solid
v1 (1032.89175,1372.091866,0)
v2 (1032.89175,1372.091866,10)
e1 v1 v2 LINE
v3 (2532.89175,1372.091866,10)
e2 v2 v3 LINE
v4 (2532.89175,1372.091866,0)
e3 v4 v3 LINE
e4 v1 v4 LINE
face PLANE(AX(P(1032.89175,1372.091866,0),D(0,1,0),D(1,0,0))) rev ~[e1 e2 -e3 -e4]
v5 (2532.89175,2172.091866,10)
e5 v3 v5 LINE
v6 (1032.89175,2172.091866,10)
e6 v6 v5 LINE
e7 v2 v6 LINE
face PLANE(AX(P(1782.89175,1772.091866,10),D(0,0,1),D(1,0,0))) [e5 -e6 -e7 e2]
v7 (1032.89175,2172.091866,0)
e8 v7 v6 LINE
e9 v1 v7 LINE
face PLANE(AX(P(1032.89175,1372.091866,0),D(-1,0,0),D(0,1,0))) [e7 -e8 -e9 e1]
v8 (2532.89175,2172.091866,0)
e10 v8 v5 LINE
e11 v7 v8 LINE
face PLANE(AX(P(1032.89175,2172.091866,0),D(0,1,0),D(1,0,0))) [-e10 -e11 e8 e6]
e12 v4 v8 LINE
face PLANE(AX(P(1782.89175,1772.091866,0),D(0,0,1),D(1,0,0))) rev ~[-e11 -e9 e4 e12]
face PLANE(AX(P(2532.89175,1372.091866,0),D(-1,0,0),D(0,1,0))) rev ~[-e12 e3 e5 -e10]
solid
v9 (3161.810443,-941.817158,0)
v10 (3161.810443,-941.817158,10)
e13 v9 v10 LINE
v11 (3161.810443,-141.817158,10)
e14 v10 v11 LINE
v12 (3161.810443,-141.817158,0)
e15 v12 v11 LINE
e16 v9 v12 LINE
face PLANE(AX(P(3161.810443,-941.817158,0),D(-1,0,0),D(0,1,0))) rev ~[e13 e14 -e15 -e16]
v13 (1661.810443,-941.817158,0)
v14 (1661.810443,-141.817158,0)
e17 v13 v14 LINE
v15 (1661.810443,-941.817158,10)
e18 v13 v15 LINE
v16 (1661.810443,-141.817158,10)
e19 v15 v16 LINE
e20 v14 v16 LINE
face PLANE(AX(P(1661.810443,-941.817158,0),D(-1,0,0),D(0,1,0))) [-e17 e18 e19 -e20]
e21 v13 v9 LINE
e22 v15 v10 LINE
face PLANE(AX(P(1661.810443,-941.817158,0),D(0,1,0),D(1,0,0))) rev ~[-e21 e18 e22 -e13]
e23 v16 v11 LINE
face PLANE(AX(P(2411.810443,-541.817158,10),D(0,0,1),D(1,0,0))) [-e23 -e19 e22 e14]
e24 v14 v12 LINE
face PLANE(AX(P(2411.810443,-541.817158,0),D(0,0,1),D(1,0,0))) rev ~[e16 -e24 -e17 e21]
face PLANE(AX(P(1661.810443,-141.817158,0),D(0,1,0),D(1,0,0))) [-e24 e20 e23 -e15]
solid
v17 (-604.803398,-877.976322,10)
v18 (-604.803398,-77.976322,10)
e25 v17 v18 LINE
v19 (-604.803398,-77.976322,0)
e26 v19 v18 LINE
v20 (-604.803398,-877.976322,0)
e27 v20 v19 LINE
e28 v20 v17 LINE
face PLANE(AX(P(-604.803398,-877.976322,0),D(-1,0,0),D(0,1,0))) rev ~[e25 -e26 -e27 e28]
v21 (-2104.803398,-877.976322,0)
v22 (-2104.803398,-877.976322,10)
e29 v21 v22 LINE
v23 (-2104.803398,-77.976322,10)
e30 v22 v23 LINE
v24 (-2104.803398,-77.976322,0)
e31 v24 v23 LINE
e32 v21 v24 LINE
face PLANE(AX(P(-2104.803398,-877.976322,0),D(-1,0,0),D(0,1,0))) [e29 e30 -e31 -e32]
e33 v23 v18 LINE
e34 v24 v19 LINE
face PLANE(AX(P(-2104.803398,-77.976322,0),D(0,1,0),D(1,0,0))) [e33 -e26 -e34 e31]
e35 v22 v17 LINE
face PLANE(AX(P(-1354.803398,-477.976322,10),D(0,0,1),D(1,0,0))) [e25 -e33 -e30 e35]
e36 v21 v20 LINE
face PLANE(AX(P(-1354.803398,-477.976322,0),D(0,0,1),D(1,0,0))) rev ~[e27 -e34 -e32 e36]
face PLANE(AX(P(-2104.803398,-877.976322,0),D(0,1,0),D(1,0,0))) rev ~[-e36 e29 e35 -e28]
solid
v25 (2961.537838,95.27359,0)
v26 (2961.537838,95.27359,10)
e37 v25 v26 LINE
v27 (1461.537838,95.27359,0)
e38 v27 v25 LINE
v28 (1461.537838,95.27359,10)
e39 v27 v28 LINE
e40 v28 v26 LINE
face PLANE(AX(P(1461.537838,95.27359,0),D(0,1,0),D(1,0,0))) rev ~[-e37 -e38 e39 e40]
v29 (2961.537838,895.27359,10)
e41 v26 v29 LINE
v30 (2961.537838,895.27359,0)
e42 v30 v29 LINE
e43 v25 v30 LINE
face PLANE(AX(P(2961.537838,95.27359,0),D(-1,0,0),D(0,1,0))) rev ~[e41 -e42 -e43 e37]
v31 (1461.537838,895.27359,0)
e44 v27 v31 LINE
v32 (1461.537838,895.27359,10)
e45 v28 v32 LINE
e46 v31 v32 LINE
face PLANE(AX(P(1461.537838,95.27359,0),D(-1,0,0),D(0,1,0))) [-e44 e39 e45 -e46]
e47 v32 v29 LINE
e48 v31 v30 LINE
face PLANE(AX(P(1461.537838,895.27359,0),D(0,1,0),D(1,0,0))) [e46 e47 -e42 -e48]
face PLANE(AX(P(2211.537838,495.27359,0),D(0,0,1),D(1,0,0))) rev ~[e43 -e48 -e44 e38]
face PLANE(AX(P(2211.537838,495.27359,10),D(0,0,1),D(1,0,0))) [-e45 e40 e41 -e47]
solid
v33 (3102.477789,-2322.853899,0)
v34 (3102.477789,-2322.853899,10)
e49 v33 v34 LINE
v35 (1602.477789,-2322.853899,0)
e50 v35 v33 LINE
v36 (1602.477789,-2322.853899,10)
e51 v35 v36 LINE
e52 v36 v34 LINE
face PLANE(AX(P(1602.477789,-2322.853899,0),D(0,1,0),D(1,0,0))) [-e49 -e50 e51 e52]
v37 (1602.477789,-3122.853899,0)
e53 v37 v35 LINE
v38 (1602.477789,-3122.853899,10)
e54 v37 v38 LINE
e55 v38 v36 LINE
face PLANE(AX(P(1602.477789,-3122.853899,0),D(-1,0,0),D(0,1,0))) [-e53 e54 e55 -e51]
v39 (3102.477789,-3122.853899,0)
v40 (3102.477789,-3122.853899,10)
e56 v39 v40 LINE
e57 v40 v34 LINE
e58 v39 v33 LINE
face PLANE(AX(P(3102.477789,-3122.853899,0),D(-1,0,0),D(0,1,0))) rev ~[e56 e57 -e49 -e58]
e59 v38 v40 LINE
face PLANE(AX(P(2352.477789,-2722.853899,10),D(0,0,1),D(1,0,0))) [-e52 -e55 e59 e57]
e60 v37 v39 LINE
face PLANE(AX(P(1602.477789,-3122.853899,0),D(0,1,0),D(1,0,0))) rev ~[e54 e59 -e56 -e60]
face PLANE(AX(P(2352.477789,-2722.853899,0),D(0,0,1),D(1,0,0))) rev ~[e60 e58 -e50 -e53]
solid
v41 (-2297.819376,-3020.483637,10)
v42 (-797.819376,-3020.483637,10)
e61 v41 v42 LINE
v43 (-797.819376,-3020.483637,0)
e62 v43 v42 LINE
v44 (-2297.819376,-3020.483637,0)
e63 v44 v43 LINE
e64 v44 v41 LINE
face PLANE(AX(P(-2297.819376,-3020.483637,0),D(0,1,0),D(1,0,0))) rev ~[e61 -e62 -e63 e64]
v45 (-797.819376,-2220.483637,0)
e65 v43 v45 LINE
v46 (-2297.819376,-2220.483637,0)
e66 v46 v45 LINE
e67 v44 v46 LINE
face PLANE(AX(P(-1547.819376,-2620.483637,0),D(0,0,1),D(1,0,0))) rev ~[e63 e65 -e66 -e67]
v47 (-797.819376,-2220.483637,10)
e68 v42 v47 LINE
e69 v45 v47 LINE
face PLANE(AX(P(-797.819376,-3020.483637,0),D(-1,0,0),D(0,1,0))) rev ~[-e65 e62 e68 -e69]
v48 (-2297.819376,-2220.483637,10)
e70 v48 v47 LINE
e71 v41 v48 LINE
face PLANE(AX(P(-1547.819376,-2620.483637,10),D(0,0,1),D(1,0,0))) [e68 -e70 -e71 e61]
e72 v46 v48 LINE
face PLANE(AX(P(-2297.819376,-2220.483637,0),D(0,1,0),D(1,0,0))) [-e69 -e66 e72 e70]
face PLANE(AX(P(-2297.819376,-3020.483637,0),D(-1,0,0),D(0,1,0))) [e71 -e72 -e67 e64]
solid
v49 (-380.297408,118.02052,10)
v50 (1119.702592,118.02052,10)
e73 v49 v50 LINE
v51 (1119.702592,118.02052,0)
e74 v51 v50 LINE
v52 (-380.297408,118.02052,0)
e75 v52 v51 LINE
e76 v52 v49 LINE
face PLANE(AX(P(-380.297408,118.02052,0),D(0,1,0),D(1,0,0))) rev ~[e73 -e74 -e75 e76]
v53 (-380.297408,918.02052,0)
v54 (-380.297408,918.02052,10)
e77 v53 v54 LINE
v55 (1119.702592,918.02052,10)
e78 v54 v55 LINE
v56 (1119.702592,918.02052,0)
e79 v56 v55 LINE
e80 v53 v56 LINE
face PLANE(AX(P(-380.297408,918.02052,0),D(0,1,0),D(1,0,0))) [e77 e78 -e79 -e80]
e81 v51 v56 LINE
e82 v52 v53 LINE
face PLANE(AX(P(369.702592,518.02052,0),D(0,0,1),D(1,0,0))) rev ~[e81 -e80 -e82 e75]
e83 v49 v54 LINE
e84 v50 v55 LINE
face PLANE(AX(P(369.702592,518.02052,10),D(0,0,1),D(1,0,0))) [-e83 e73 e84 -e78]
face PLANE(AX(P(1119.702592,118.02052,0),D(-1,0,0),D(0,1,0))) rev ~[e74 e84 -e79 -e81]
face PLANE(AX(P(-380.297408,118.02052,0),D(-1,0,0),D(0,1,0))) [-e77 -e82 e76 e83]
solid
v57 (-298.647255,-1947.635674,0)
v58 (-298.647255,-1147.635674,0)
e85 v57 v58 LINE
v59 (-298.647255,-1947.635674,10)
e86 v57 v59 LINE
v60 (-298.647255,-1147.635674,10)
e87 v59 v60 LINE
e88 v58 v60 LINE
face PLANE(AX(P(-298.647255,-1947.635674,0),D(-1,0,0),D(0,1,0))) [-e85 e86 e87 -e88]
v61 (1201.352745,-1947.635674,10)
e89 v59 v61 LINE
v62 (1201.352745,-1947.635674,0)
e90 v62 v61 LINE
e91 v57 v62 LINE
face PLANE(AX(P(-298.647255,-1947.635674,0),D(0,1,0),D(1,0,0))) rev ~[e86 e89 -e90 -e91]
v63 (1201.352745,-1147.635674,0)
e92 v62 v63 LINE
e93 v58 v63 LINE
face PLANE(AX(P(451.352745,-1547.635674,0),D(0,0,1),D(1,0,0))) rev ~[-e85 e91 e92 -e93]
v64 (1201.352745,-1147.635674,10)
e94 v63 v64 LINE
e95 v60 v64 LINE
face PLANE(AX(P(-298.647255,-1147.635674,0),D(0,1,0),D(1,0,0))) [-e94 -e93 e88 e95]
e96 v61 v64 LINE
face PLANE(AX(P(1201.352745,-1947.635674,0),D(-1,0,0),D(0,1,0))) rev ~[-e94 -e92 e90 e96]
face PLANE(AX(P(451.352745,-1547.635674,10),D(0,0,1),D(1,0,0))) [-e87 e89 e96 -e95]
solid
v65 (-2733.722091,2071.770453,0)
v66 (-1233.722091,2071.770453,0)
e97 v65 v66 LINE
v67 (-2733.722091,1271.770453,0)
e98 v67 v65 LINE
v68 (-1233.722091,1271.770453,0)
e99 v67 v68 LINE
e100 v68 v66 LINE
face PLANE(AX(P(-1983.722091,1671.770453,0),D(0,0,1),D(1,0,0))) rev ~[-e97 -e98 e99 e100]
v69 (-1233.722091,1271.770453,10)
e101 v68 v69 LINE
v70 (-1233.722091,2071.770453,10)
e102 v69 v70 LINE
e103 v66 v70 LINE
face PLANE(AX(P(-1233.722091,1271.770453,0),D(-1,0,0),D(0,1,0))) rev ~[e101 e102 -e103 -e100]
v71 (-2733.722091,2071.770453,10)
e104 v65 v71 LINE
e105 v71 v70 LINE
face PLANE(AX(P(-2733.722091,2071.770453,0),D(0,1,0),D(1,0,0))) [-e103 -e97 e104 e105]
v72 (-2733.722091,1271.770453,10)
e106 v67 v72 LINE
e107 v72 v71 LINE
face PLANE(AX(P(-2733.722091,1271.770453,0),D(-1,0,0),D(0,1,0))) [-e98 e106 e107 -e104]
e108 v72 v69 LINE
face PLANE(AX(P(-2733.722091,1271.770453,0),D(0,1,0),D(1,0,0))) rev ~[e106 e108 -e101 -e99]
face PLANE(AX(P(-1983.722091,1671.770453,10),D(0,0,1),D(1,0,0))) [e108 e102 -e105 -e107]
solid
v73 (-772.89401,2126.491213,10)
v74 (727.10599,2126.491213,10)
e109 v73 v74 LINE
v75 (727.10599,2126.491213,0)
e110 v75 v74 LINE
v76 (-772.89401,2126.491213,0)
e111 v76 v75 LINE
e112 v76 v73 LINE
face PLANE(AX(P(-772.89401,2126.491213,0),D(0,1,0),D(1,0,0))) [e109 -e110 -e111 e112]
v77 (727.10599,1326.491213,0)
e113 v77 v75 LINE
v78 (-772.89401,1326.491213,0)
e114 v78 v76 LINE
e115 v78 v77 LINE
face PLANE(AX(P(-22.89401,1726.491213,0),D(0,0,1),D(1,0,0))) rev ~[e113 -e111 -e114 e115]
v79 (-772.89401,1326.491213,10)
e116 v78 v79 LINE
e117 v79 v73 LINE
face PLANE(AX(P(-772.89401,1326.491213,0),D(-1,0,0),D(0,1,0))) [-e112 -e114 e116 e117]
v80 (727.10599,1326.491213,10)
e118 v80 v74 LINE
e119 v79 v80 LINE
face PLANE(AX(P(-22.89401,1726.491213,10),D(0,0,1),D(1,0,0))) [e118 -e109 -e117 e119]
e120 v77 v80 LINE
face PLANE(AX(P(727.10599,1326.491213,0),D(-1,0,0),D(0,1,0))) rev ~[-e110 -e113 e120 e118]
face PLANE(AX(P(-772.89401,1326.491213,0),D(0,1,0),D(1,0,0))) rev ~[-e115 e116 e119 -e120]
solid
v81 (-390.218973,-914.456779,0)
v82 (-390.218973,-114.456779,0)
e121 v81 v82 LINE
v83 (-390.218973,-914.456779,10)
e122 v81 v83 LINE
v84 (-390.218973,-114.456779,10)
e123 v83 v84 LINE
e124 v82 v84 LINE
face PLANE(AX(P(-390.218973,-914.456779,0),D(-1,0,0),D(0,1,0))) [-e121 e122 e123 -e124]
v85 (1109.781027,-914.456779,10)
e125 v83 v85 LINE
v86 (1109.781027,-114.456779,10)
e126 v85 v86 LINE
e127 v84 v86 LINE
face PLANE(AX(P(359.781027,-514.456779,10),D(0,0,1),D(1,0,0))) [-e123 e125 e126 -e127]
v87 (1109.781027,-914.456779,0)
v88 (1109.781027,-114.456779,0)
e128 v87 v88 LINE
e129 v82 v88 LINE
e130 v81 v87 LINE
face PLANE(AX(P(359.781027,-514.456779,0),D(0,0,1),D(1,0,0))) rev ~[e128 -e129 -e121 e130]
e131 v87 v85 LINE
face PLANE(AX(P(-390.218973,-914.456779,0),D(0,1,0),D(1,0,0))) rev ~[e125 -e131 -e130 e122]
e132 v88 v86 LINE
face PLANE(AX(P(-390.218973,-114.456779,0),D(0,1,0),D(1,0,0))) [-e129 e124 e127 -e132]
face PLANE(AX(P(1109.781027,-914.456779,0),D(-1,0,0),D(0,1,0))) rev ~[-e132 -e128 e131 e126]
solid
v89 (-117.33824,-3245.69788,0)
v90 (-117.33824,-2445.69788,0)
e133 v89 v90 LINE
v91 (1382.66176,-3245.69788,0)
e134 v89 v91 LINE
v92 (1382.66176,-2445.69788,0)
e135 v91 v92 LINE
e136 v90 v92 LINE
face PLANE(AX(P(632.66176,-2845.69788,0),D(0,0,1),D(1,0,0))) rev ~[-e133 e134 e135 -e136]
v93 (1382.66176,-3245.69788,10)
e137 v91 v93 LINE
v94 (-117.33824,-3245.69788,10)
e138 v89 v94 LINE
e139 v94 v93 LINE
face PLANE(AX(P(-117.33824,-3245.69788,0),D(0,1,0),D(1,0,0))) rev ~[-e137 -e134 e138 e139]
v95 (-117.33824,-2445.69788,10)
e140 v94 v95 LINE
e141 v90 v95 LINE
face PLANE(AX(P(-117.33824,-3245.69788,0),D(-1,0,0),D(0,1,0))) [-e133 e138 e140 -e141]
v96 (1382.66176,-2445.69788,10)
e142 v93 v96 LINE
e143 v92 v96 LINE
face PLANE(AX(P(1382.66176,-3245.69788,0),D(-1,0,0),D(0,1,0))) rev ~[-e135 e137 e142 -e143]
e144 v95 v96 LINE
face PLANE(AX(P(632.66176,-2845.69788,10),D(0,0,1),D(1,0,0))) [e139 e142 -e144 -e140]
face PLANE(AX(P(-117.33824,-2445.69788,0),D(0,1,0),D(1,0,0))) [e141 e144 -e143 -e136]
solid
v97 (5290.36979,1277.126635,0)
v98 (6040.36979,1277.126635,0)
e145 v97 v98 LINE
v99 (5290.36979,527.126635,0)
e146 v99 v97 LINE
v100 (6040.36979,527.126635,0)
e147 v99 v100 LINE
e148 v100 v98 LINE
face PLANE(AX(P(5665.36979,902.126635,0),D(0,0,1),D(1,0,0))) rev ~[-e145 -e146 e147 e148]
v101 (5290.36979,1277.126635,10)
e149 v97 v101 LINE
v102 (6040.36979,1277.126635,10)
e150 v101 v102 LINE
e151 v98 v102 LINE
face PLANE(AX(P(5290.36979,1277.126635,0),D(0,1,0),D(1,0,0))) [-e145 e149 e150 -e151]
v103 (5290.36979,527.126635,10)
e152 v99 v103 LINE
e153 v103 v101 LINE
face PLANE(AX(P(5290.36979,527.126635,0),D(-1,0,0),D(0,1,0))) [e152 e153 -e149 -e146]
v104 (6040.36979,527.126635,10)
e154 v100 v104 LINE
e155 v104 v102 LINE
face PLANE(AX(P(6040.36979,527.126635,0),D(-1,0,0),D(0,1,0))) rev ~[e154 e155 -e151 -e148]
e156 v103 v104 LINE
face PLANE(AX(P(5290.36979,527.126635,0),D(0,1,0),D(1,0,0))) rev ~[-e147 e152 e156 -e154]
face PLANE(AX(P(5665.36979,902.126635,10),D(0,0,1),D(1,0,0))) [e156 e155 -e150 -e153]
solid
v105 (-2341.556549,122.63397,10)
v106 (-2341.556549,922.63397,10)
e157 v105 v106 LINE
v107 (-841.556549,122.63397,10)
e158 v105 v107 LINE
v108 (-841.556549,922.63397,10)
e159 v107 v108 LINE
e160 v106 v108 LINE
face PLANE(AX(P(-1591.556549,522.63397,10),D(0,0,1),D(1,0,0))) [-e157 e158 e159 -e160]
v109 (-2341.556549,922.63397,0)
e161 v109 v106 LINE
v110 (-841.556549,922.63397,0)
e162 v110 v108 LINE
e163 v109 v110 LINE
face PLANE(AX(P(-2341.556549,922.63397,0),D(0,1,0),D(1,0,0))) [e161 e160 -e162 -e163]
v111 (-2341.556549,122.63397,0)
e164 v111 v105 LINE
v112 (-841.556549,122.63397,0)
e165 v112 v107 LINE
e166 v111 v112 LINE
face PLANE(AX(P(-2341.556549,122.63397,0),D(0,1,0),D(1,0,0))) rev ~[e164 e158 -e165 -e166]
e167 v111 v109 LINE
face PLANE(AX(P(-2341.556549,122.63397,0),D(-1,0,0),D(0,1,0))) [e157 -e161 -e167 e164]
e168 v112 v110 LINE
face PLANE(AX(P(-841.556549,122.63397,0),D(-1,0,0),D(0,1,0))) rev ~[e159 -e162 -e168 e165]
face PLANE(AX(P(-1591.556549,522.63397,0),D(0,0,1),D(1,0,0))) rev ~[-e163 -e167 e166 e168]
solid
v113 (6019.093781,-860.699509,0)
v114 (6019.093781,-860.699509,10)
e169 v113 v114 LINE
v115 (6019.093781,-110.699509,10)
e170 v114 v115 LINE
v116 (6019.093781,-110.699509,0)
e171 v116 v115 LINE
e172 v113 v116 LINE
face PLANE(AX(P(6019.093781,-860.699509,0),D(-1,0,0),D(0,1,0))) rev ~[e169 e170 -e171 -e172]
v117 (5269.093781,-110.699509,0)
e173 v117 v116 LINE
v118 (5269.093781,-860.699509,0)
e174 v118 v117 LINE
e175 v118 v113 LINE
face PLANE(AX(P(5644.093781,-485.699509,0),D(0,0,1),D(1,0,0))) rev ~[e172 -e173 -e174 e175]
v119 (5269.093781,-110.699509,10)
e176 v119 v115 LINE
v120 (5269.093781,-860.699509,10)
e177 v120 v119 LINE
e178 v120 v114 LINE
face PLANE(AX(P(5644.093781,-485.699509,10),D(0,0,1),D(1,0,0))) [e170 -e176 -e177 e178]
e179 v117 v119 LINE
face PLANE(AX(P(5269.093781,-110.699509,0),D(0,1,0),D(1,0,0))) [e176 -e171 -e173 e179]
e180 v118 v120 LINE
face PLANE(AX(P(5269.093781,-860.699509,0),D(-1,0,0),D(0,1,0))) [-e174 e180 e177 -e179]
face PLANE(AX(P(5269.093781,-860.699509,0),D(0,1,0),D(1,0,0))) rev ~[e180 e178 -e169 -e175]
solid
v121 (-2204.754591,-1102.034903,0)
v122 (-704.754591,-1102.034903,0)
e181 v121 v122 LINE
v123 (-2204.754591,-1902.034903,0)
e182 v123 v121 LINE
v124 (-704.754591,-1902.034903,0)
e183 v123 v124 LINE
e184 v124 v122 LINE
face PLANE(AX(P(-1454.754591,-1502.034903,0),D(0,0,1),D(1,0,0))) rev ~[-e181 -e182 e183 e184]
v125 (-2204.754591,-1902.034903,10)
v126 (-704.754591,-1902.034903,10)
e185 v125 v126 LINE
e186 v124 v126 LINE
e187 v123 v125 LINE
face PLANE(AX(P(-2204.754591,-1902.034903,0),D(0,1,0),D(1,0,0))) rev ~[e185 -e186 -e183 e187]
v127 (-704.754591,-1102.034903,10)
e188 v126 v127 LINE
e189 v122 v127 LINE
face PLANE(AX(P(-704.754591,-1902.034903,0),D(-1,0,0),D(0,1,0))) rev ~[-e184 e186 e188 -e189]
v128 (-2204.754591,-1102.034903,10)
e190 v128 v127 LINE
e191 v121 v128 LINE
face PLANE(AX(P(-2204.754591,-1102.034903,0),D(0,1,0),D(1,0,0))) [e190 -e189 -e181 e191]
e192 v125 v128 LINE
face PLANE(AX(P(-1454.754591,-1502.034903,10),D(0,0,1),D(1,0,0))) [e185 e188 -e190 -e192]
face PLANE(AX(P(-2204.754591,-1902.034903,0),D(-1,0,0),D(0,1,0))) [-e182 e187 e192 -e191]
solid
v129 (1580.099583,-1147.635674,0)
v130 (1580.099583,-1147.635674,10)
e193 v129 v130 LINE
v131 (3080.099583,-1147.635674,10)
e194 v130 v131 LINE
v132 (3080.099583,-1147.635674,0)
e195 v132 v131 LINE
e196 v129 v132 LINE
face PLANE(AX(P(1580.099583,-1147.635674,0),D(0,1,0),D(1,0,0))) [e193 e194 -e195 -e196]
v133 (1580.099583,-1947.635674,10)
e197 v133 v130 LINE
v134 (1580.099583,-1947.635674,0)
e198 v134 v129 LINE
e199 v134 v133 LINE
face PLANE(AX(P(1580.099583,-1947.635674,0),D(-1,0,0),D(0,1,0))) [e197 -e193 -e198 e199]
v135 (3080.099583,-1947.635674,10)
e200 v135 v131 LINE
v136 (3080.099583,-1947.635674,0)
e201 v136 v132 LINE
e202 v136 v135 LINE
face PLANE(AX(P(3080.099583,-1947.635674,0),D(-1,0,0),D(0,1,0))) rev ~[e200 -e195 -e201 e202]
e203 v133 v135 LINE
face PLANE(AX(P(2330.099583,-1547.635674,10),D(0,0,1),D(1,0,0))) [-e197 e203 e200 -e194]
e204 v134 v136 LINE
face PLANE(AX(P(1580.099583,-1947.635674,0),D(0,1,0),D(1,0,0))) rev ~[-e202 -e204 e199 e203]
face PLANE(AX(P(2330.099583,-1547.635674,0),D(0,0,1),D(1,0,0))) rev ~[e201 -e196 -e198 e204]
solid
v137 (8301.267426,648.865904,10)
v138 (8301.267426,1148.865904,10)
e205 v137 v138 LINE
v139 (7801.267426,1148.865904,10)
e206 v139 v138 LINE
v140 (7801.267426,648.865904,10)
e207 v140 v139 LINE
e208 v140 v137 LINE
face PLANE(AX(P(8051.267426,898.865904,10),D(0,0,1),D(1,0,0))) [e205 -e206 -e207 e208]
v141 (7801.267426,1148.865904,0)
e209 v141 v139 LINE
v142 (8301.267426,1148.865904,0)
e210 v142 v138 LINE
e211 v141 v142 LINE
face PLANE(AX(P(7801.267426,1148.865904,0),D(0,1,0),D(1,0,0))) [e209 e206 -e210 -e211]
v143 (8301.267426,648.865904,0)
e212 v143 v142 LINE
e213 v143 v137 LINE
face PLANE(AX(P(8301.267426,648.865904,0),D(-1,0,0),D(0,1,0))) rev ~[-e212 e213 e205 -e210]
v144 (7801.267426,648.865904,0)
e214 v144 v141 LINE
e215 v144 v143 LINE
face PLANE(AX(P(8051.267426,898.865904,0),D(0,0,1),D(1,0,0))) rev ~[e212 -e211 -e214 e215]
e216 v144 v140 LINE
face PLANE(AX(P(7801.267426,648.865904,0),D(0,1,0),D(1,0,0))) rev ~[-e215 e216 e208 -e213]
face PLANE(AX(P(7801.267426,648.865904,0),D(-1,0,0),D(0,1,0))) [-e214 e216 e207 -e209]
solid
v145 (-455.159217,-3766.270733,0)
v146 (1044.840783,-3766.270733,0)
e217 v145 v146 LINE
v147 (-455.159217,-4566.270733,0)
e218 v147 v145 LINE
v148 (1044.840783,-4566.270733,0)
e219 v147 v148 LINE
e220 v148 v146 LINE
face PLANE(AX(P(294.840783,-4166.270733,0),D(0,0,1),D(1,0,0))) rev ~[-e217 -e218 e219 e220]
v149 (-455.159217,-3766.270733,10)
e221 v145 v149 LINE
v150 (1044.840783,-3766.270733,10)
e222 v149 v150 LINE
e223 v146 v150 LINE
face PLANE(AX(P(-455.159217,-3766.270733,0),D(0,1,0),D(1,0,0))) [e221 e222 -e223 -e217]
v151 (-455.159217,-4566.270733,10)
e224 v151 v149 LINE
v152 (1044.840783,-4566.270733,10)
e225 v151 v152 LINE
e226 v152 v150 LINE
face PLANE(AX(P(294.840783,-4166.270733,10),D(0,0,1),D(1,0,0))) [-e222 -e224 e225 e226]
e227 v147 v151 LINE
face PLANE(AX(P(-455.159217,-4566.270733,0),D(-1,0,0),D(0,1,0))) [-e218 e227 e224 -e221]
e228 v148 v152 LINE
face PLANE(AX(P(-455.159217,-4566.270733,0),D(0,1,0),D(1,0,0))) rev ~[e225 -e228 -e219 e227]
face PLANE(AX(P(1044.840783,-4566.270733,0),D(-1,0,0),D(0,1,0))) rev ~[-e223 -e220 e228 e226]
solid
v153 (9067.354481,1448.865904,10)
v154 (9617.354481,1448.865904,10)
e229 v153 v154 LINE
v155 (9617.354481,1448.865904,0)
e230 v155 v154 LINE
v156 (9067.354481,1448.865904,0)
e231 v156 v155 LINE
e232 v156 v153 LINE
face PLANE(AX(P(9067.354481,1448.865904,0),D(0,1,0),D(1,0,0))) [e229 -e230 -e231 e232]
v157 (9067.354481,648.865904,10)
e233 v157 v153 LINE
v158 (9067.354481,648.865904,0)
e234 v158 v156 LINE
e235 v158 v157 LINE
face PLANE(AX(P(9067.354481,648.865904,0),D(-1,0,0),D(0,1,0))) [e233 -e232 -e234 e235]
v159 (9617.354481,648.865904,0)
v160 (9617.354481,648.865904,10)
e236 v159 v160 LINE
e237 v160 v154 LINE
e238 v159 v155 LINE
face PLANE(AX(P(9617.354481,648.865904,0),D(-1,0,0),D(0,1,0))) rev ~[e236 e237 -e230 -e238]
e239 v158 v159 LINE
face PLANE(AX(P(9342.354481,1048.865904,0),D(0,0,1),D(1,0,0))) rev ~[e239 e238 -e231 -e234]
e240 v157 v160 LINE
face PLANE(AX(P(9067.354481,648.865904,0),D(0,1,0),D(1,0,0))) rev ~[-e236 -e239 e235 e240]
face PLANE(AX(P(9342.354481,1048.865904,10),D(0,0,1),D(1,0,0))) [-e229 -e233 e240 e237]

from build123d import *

# Parameters (mm, degrees)
F0_W     = 1500
F0_H     = 800
F0_W_2   = 750
F0_H_2   = 750
F0_W_3   = 550
F0_W_4   = 500
F0_H_3   = 500
F1_DEPTH = 10


with BuildPart() as f1:
    # F0 (on Top) → F1 (new body)
    with BuildSketch(Plane.XY):
        with Locations((-1591.556549, 522.63397)):
            Rectangle(F0_W, F0_H)
        with Locations((632.66176, -2845.69788)):
            Rectangle(F0_W, F0_H)
        with Locations((2330.099583, -1547.635674)):
            Rectangle(F0_W, F0_H)
        with Locations((-1454.754591, -1502.034903)):
            Rectangle(F0_W, F0_H)
        with Locations((-22.89401, 1726.491213)):
            Rectangle(F0_W, F0_H)
        with Locations((2352.477789, -2722.853899)):
            Rectangle(F0_W, F0_H)
        with Locations((451.352745, -1547.635674)):
            Rectangle(F0_W, F0_H)
        with Locations((294.840783, -4166.270733)):
            Rectangle(F0_W, F0_H)
        with Locations((2411.810443, -541.817158)):
            Rectangle(F0_W, F0_H)
        with Locations((359.781027, -514.456779)):
            Rectangle(F0_W, F0_H)
        with Locations((1782.89175, 1772.091866)):
            Rectangle(F0_W, F0_H)
        with Locations((369.702592, 518.02052)):
            Rectangle(F0_W, F0_H)
        with Locations((2211.537838, 495.27359)):
            Rectangle(F0_W, F0_H)
        with Locations((-1354.803398, -477.976322)):
            Rectangle(F0_W, F0_H)
        with Locations((-1547.819376, -2620.483637)):
            Rectangle(F0_W, F0_H)
        with Locations((-1983.722091, 1671.770453)):
            Rectangle(F0_W, F0_H)
        with Locations((5665.36979, 902.126635)):
            Rectangle(F0_W_2, F0_H_2)
        with Locations((5644.093781, -485.699509)):
            Rectangle(F0_W_2, F0_H_2)
        with Locations((9342.354481, 1048.865904)):
            Rectangle(F0_W_3, F0_H)
        with Locations((8051.267426, 898.865904)):
            Rectangle(F0_W_4, F0_H_3)
    extrude(amount=F1_DEPTH)


solid = f1.part
